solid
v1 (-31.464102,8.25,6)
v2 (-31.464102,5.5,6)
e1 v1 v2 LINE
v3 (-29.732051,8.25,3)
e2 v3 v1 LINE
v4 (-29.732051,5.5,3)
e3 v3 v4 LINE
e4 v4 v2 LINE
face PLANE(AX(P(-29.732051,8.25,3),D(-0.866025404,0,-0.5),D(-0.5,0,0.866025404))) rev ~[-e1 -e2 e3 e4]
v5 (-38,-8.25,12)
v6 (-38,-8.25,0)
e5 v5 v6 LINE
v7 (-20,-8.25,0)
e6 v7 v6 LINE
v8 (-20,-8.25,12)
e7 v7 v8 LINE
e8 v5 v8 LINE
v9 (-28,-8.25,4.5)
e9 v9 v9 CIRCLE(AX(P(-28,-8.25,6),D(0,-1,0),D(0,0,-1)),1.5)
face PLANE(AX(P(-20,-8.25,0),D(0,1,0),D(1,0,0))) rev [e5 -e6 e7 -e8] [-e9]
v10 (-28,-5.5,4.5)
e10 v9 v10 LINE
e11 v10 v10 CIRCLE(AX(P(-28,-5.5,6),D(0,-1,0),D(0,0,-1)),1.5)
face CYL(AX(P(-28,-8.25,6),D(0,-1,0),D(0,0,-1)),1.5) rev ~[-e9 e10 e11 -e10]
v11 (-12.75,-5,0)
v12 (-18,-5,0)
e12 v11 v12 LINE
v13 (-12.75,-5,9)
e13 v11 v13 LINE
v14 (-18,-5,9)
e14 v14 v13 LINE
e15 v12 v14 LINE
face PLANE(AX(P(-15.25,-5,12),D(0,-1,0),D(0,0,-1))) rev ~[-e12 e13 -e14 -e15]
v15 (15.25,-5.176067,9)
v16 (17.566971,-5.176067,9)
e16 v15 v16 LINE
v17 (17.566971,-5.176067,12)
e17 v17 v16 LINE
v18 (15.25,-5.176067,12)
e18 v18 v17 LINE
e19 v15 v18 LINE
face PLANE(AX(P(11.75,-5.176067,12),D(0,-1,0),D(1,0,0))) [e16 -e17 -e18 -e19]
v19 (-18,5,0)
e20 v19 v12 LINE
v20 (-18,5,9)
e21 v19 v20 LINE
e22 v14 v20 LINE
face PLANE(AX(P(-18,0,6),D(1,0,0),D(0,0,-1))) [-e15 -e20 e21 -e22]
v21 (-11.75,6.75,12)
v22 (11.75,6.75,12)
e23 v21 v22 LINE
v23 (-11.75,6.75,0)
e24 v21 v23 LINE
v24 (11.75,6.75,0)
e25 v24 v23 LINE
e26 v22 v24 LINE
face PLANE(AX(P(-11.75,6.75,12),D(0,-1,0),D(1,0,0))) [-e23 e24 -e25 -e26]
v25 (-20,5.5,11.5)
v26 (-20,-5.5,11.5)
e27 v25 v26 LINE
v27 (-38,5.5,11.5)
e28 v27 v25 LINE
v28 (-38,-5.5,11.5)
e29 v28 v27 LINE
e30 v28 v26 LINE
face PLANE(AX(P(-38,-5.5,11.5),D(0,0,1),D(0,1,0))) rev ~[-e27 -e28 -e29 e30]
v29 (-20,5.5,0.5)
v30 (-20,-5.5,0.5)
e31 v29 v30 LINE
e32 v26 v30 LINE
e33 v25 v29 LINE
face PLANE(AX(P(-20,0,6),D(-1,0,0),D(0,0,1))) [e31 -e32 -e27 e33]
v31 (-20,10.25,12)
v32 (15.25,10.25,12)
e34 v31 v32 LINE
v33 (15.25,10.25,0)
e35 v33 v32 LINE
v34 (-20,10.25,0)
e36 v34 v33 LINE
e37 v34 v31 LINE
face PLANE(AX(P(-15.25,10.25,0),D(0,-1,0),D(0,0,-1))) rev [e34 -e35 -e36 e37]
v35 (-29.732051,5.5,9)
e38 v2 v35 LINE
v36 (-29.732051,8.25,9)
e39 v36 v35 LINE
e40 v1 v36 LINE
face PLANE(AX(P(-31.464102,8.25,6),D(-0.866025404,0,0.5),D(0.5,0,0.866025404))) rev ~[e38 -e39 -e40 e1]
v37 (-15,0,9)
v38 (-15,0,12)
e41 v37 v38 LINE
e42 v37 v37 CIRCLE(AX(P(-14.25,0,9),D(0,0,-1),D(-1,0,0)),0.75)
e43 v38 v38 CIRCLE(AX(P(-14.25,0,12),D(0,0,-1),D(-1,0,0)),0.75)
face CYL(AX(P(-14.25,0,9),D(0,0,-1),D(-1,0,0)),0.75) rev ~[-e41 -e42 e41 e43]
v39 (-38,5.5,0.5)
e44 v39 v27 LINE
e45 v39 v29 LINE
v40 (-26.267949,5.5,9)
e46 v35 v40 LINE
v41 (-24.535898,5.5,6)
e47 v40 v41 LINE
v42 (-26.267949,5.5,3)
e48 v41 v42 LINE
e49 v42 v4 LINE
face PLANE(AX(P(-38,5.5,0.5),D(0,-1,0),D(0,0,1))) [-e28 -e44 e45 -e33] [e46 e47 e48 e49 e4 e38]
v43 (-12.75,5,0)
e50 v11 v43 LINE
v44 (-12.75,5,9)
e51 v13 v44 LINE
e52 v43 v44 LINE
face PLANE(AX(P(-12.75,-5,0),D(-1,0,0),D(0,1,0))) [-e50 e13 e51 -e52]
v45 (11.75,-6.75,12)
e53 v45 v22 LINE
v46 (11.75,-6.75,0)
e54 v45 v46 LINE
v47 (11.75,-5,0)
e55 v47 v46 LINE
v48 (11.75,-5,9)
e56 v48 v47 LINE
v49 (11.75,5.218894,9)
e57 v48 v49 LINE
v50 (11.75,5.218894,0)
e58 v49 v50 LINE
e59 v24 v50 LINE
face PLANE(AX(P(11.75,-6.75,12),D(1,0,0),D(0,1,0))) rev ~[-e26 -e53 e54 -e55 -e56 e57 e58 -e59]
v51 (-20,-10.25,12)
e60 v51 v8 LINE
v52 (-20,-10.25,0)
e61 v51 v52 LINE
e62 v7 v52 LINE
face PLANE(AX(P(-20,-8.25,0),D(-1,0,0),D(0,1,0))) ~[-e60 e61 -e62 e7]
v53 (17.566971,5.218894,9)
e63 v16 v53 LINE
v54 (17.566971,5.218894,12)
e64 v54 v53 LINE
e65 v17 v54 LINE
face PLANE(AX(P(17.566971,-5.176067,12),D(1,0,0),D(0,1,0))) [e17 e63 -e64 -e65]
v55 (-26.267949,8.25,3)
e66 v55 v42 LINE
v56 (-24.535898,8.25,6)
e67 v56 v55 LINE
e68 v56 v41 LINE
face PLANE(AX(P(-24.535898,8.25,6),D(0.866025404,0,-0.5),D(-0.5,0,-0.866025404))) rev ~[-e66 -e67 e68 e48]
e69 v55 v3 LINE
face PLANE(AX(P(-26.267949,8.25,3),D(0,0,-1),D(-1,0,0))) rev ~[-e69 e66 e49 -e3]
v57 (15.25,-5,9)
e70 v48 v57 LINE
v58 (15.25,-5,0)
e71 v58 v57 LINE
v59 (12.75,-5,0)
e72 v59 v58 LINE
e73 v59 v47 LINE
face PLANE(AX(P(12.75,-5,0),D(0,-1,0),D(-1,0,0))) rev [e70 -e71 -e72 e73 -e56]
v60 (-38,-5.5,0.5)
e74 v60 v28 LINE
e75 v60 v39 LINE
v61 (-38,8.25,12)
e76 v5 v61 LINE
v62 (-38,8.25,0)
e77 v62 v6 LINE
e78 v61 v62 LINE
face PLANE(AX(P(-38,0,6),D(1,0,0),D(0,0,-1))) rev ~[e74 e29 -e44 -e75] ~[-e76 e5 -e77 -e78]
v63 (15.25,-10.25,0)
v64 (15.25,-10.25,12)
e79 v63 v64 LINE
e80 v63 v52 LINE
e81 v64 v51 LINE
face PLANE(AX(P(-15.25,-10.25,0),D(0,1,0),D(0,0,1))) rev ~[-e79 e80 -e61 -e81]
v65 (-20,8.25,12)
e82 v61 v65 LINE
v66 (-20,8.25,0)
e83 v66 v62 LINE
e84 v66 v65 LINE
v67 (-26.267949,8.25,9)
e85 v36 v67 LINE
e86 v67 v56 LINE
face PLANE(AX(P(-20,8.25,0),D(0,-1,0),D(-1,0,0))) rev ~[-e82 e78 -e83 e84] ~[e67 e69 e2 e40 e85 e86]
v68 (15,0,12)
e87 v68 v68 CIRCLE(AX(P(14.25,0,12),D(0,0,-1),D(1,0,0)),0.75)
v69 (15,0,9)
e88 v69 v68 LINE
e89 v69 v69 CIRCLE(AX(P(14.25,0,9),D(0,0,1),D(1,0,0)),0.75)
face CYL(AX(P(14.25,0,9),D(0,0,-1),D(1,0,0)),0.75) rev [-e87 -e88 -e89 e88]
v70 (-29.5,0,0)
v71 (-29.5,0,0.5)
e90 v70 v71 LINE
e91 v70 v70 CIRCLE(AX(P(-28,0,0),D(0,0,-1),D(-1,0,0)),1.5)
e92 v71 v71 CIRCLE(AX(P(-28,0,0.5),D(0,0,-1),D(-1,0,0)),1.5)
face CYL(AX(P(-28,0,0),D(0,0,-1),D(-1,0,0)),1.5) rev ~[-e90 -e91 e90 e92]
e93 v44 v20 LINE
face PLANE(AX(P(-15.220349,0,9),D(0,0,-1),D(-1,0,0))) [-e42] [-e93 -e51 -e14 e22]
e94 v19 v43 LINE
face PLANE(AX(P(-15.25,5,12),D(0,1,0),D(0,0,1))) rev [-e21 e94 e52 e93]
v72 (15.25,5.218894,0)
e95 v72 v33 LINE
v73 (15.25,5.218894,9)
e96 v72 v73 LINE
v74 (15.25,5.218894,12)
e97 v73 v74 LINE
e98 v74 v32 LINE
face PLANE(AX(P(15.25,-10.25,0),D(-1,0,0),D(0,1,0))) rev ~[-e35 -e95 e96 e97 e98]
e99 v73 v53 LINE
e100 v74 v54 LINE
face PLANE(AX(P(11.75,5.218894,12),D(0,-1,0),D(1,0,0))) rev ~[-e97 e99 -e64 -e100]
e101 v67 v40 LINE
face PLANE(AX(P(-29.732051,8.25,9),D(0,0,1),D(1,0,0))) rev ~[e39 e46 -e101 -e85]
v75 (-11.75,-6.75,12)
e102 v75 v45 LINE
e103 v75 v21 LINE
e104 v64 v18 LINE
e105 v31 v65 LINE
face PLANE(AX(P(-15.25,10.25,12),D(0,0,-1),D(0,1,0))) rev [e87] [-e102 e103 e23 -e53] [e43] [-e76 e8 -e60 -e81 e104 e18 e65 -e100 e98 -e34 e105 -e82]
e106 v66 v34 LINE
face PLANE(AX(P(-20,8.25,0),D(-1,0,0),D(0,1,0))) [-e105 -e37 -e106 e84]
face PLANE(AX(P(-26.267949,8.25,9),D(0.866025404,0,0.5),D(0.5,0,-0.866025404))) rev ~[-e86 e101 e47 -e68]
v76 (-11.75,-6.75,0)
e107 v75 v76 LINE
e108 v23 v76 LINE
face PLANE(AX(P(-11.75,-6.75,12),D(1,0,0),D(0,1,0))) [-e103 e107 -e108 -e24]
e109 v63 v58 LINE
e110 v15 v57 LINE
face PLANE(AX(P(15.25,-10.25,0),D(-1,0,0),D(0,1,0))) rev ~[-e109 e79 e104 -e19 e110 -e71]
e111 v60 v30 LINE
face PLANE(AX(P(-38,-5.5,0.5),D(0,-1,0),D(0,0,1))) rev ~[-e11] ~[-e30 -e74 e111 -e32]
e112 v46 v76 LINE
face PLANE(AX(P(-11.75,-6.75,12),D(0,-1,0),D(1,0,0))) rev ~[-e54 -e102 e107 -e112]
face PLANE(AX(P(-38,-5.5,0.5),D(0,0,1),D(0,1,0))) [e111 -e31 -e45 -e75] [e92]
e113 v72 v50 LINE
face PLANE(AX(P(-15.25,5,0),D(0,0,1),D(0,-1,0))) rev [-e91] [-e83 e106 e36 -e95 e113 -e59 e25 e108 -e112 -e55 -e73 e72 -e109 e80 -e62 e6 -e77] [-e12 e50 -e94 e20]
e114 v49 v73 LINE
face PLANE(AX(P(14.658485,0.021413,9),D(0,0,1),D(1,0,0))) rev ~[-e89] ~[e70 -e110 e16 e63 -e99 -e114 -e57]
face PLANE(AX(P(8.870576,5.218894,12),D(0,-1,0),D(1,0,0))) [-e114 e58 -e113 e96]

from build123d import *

# Parameters (mm, degrees)
SKETCH_2_W           = 30.5
SKETCH_2_H           = 20.5
SKETCH_2_W_2         = 22.5
SKETCH_2_H_2         = 12.5
EXTRUDE_1_DEPTH      = 12
SKETCH_3_W           = 2.75
SKETCH_3_H           = 10
EXTRUDE_2_DEPTH      = 3
SKETCH_4_W           = 4.940698383
SKETCH_4_H           = 10
CUT_EXTRUDE_1_DEPTH  = 9
EXTRUDE_3_DEPTH      = 20
EXTRUDE_4_REACH      = 38.805
SKETCH_7_R           = 0.75
CUT_EXTRUDE_2_DEPTH  = 41.374032496
SKETCH_8_W           = 10
SKETCH_8_H           = 10
CUT_EXTRUDE_3_DEPTH  = 18
SKETCH_10_W          = 23.106147985
SKETCH_10_H          = 7.754593222
CUT_EXTRUDE_4_DEPTH  = 42.146840705
SKETCH_11_R          = 1.5
CUT_EXTRUDE_5_DEPTH  = 44.934610502
CUT_EXTRUDE_6_REACH  = 60.181
SKETCH_12_W          = 11
SKETCH_12_H          = 11
SKETCH_13_W          = 23.5
SKETCH_13_H          = 13.5
CUT_EXTRUDE_7_DEPTH  = 42.146840705
SKETCH_14_W          = 9.129424231
SKETCH_14_H          = 10.218893611
CUT_EXTRUDE_8_DEPTH  = 42.146840705
CUT_EXTRUDE_9_REACH  = 45.935
CUT_EXTRUDE_10_REACH = 43.147
SKETCH_16_R          = 1.5
SKETCH_17_W          = 5.816970736
SKETCH_17_H          = 10.394960723
EXTRUDE_5_DEPTH      = 3


with BuildPart() as part:
    # 草图2 → 凸台-拉伸1 (new body)
    with BuildSketch(Plane.XY):
        Rectangle(SKETCH_2_W, SKETCH_2_H)
        Rectangle(SKETCH_2_W_2, SKETCH_2_H_2, mode=Mode.SUBTRACT)
    extrude(amount=EXTRUDE_1_DEPTH)

    # 草图3 → 凸台-拉伸2 (add)
    with BuildSketch(Plane.XY.offset(12)):
        with Locations((-16.625, 0)):
            Rectangle(SKETCH_3_W, SKETCH_3_H)
    extrude_2 = extrude(amount=-EXTRUDE_2_DEPTH)

    # 镜向1: 凸台-拉伸2 across plane
    add(extrude_2.mirror(Plane(origin=(0, 0, 0), x_dir=(0, 0, 1), z_dir=(1, 0, 0))))

    # 草图4 → 切除-拉伸1 (cut)
    with BuildSketch(Plane(origin=(0, 0, 0), x_dir=(-1, 0, 0), z_dir=(0, 0, -1))):
        with Locations((15.220349192, 0)):
            Rectangle(SKETCH_4_W, SKETCH_4_H)
    cut_extrude_1 = extrude(amount=-CUT_EXTRUDE_1_DEPTH, mode=Mode.SUBTRACT)

    # 镜向2: 切除-拉伸1 across plane
    add(cut_extrude_1.mirror(Plane(origin=(0, 0, 0), x_dir=(0, 0, 1), z_dir=(1, 0, 0))), mode=Mode.SUBTRACT)

    # 草图5 → 凸台-拉伸3 (add)
    with BuildSketch(Plane.ZY.offset(18)):
        Polygon((12, 10.25), (12, 5), (12, -5), (12, -10.25), (0, -10.25), (0, -5), (0, 5), (0, 10.25), align=None)
    extrude(amount=EXTRUDE_3_DEPTH)

    # 草图6 → 凸台-拉伸4 (add, up to next)
    with BuildSketch(Plane.ZY.offset(15.25), mode=Mode.PRIVATE) as extrude_4_sk1:
        Polygon((12, -5), (9, -5), (0, -5), (0, -10.25), (12, -10.25), align=None)
    extrude_4_tool1 = extrude(extrude_4_sk1.sketch, amount=EXTRUDE_4_REACH, mode=Mode.PRIVATE) - part.part
    extrude_4 = extrude_4_tool1.solids().sort_by_distance((-15.25, -7.625, 6))[0]
    add(extrude_4)

    # 镜向3: 凸台-拉伸4 across plane
    add(extrude_4.mirror(Plane.ZX))

    # 草图7 → 切除-拉伸2 (cut, through all)
    with BuildSketch(Plane(origin=(0, 0, 9), x_dir=(-1, 0, 0), z_dir=(0, 0, -1))):
        with Locations((14.25, 0)):
            Circle(SKETCH_7_R)
    cut_extrude_2 = extrude(amount=-CUT_EXTRUDE_2_DEPTH, mode=Mode.SUBTRACT)

    # 草图8 → 切除-拉伸3 (cut)
    with BuildSketch(Plane.ZY.offset(38)):
        with Locations((6, 0)):
            Rectangle(SKETCH_8_W, SKETCH_8_H)
    extrude(amount=-CUT_EXTRUDE_3_DEPTH, mode=Mode.SUBTRACT)

    # 草图10 → 切除-拉伸4 (cut, through all)
    with BuildSketch(Plane(origin=(0, 0, 0), x_dir=(-1, 0, 0), z_dir=(0, 0, -1))):
        with Locations((31.553073992, 12.127296611)):
            Rectangle(SKETCH_10_W, SKETCH_10_H)
    cut_extrude_4 = extrude(amount=-CUT_EXTRUDE_4_DEPTH, mode=Mode.SUBTRACT)

    # 镜向4: 切除-拉伸4 across plane
    add(cut_extrude_4.mirror(Plane.ZX), mode=Mode.SUBTRACT)

    # 草图11 → 切除-拉伸5 (cut, through all)
    with BuildSketch(Plane.XZ.offset(8.25)):
        with Locations(Location((-28, 6, 0), (0, 0, 270))):
            Circle(SKETCH_11_R)
    extrude(amount=-CUT_EXTRUDE_5_DEPTH, mode=Mode.SUBTRACT)

    # 镜向5: 切除-拉伸2 across plane
    add(cut_extrude_2.mirror(Plane(origin=(0, 0, 0), x_dir=(0, 0, 1), z_dir=(1, 0, 0))), mode=Mode.SUBTRACT)

    # 切除-拉伸6: up to this face of the body (flat: up to its plane)
    cut_extrude_6_end = Plane(part.part.faces().sort_by_distance((-20, 0, 6))[0])
    # 草图12 → 切除-拉伸6 (cut, up to the picked face)
    with BuildSketch(Plane.ZY.offset(38), mode=Mode.PRIVATE) as cut_extrude_6_sk1:
        with Locations((6, 0)):
            Rectangle(SKETCH_12_W, SKETCH_12_H)
    cut_extrude_6_tool1 = split(extrude(cut_extrude_6_sk1.sketch, amount=-CUT_EXTRUDE_6_REACH, mode=Mode.PRIVATE), bisect_by=cut_extrude_6_end, keep=Keep.BOTH, mode=Mode.PRIVATE)
    add(cut_extrude_6_tool1.solids().sort_by(Axis((-38, 0, 6), (1, 0, 0)))[0], mode=Mode.SUBTRACT)

    # 草图13 → 切除-拉伸7 (cut, through all)
    with BuildSketch(Plane.XY.offset(12)):
        Rectangle(SKETCH_13_W, SKETCH_13_H)
    extrude(amount=-CUT_EXTRUDE_7_DEPTH, mode=Mode.SUBTRACT)

    # 草图14 → 切除-拉伸8 (cut, through all)
    with BuildSketch(Plane.XY.offset(12)):
        with Locations((13.435287884, 0.109446806)):
            Rectangle(SKETCH_14_W, SKETCH_14_H)
    extrude(amount=-CUT_EXTRUDE_8_DEPTH, mode=Mode.SUBTRACT)

    # 草图15 → 切除-拉伸9 (cut, up to next)
    with BuildSketch(Plane(origin=(0, 8.25, 0), x_dir=(1, 0, 0), z_dir=(0, 1, 0)), mode=Mode.PRIVATE) as cut_extrude_9_sk1:
        Polygon((-24.535898385, -6), (-26.267949192, -3), (-29.732050808, -3), (-31.464101615, -6), (-29.732050808, -9), (-26.267949192, -9), align=None)
    cut_extrude_9_tool1 = extrude(cut_extrude_9_sk1.sketch, amount=-CUT_EXTRUDE_9_REACH, mode=Mode.PRIVATE) & part.part
    add(cut_extrude_9_tool1.solids().sort_by_distance((-28, 8.25, 6))[0], mode=Mode.SUBTRACT)

    # 草图16 → 切除-拉伸10 (cut, up to next)
    with BuildSketch(Plane(origin=(0, 0, 0), x_dir=(-1, 0, 0), z_dir=(0, 0, -1)), mode=Mode.PRIVATE) as cut_extrude_10_sk1:
        with Locations((28, 0)):
            Circle(SKETCH_16_R)
    cut_extrude_10_tool1 = extrude(cut_extrude_10_sk1.sketch, amount=-CUT_EXTRUDE_10_REACH, mode=Mode.PRIVATE) & part.part
    add(cut_extrude_10_tool1.solids().sort_by_distance((-28, 0, 0))[0], mode=Mode.SUBTRACT)

    # 草图17 → 凸台-拉伸5 (add)
    with BuildSketch(Plane.XY.offset(12)):
        with Locations((14.658485368, 0.02141325)):
            Rectangle(SKETCH_17_W, SKETCH_17_H)
    extrude(amount=-EXTRUDE_5_DEPTH)

    # 镜向6: 切除-拉伸2 across plane
    add(cut_extrude_2.mirror(Plane.ZY), mode=Mode.SUBTRACT)


solid = part.part
